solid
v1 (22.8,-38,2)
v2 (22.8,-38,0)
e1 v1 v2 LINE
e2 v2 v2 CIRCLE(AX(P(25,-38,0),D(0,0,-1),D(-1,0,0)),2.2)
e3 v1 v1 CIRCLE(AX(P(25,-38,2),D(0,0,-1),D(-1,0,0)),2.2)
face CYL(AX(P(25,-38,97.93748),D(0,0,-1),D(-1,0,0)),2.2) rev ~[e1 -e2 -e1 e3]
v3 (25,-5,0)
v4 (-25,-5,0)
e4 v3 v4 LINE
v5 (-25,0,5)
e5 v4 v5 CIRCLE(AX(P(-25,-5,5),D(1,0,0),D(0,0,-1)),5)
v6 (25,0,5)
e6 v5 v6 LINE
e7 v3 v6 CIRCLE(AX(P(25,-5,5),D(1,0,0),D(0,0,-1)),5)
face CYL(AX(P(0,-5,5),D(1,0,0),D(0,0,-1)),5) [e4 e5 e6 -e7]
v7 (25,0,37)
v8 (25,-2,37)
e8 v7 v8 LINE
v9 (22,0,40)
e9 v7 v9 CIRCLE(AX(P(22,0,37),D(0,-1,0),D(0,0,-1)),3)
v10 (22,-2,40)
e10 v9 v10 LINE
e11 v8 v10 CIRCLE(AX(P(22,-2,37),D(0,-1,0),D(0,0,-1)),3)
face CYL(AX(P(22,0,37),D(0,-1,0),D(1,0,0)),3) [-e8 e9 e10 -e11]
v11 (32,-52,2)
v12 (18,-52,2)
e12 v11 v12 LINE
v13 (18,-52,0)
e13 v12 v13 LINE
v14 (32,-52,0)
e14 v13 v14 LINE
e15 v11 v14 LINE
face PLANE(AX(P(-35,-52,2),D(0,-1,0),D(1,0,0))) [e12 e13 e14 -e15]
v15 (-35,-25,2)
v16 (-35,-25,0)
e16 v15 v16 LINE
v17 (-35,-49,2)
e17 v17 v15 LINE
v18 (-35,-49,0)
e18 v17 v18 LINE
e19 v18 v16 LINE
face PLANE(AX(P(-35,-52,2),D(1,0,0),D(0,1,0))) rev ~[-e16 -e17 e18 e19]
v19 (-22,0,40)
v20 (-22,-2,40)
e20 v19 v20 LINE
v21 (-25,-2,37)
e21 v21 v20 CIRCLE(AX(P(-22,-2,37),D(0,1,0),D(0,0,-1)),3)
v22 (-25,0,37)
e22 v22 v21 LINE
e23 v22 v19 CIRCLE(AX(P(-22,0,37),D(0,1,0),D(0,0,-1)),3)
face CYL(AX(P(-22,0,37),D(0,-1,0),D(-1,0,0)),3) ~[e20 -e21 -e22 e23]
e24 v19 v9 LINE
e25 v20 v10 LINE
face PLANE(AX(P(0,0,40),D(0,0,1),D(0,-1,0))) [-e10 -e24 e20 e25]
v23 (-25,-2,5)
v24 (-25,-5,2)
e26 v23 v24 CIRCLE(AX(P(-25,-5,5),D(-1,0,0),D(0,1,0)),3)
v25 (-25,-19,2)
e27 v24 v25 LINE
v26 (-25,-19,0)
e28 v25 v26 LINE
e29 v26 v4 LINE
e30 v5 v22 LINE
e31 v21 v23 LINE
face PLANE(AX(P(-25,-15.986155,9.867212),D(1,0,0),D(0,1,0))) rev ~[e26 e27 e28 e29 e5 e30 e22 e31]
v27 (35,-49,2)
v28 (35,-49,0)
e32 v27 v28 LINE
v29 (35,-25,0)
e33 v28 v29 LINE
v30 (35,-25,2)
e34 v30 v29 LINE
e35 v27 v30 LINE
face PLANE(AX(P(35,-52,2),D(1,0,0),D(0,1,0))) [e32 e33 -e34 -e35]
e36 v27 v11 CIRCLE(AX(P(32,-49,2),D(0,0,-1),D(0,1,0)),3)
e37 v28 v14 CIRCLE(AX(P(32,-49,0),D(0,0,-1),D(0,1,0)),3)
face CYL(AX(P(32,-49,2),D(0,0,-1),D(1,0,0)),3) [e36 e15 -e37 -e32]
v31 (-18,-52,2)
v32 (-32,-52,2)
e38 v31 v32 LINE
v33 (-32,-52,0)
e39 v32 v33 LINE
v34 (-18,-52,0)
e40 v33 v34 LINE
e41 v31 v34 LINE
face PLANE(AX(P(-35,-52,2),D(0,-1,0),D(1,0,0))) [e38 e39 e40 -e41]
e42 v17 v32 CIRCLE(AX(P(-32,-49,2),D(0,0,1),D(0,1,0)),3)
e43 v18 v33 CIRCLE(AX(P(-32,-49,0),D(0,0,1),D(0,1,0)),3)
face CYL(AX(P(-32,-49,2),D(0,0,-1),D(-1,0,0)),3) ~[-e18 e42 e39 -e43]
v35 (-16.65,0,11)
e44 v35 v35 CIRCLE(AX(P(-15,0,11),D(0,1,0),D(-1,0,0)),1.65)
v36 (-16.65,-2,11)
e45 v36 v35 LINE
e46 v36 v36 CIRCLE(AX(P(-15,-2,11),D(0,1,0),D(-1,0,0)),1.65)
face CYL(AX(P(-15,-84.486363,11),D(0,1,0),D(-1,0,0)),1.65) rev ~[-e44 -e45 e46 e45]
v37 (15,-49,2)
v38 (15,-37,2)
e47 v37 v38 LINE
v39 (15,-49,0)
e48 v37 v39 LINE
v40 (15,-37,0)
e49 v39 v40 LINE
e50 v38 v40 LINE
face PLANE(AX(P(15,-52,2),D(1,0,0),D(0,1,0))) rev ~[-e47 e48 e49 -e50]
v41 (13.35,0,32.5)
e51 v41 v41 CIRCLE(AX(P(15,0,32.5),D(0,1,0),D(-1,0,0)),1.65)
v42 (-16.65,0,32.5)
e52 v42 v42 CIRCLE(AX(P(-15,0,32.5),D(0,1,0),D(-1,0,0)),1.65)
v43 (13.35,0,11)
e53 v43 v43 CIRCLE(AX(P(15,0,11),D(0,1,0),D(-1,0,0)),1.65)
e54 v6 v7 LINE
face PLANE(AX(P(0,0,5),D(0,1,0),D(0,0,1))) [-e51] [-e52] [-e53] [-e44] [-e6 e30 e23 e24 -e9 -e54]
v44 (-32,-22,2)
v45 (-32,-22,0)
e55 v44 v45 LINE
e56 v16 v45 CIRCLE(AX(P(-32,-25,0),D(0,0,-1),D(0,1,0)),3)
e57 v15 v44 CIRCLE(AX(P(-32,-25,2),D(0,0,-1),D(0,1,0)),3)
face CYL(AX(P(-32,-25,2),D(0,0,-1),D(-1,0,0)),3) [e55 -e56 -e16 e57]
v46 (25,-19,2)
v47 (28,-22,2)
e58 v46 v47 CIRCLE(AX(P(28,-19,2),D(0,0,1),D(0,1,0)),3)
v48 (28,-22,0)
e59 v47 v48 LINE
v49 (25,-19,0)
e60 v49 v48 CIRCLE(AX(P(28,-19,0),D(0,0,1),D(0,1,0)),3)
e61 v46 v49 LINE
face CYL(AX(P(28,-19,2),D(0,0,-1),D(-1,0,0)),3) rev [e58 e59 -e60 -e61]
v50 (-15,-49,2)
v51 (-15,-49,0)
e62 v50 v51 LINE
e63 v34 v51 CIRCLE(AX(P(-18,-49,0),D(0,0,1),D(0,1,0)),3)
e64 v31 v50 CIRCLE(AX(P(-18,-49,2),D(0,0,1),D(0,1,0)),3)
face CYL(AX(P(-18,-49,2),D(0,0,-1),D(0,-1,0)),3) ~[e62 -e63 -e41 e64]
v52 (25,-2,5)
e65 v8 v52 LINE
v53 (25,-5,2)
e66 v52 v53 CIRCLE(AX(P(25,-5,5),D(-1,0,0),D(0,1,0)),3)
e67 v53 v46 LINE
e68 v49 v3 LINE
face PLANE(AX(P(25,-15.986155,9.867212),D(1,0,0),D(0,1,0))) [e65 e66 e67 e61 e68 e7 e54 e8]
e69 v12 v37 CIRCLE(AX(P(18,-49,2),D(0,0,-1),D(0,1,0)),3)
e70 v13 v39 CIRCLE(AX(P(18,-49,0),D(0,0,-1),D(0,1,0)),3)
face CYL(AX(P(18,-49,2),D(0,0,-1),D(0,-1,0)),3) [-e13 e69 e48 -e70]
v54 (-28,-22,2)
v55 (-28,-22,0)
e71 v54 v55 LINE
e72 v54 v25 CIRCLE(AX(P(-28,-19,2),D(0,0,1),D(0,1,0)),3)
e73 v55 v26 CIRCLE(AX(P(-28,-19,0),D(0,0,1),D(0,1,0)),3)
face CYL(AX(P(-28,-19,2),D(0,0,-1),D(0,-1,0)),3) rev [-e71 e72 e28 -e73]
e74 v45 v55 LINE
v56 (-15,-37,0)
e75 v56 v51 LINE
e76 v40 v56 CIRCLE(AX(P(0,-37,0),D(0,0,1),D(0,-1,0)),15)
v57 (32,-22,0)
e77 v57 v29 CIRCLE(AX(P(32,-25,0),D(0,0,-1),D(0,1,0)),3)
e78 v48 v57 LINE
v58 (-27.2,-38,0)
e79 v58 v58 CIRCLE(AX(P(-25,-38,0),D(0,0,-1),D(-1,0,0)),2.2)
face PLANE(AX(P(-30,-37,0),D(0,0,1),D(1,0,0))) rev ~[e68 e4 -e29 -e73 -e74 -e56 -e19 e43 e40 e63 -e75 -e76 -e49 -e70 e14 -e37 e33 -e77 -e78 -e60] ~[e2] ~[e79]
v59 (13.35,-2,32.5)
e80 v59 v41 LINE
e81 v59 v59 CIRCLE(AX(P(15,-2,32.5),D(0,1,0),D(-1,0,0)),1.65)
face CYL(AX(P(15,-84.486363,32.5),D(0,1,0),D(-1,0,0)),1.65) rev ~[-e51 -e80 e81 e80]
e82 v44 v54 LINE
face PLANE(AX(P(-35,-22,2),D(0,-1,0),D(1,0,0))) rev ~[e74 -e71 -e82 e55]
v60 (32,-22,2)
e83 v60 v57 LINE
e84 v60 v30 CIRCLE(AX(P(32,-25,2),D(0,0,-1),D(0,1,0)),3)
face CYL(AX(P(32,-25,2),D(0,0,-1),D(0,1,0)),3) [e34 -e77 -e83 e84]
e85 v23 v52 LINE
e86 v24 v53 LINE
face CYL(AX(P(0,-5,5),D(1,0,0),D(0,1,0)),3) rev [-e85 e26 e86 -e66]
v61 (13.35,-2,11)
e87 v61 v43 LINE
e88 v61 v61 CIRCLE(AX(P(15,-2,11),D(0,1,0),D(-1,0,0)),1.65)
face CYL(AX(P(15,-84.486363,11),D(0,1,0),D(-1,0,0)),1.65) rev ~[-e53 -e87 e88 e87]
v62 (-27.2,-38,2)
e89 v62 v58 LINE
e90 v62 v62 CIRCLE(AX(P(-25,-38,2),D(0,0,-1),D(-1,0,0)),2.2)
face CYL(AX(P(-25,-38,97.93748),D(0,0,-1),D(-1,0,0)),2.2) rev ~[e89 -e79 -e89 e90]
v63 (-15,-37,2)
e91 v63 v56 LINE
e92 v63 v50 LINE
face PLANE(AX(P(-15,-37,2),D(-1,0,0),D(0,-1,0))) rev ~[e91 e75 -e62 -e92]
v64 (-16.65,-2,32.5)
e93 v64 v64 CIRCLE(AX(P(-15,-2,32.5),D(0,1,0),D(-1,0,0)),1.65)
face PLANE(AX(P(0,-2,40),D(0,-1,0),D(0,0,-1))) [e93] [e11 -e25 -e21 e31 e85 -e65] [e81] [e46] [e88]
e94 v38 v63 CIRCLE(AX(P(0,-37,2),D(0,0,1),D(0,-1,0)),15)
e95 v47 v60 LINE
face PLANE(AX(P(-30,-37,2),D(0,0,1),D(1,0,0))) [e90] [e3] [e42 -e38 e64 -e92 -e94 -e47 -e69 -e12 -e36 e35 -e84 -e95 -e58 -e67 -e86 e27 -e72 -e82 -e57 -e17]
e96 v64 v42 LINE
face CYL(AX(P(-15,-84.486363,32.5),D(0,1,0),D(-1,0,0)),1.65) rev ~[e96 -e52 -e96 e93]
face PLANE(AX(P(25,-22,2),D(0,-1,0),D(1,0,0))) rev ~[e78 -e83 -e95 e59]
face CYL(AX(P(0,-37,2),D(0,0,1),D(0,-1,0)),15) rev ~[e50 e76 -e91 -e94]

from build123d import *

# Parameters (mm, degrees)
F1_DEPTH = 25
F3_D     = 3.3
F4_W     = 10
F4_H     = 30
F5_DEPTH = 2
F6_D     = 4.4
F7_DEPTH = 2
F8_R     = 3


with BuildPart() as f1:
    # F0 (on Right) → F1 (new body, symmetric)
    with BuildSketch(Plane.YZ):
        with BuildLine():
            ThreePointArc((-5, 0), (-1.4644660941, 1.4644660941), (0, 5))
            Line((0, 5), (0, 40))
            Line((0, 40), (-2, 40))
            Line((-2, 40), (-2, 5))
            ThreePointArc((-2, 5), (-2.8786796564, 2.8786796564), (-5, 2))
            Line((-5, 2), (-52, 2))
            Line((-52, 2), (-52, 0))
            Line((-52, 0), (-5, 0))
        make_face()
    extrude(amount=F1_DEPTH, both=True)

    # F3 (through all)
    with Locations(Plane.XZ.offset(2)):
        with Locations((-15, 32.5), (-15, 11), (15, 11), (15, 32.5)):
            Hole(F3_D / 2)

    # F4 (on face) → F5 (join, through all)
    with BuildSketch(Plane.XY.offset(2)):
        with Locations((-30, -37)):
            Rectangle(F4_W, F4_H)
        with Locations((30, -37)):
            Rectangle(F4_W, F4_H)
    extrude(amount=-F5_DEPTH)

    # F6 (through all)
    with Locations(Plane.XY.offset(2)):
        with Locations((-25, -38), (25, -38)):
            Hole(F6_D / 2)

    # F4 (on face) → F7 (cut, through all)
    with BuildSketch(Plane.XY.offset(2)):
        with BuildLine():
            ThreePointArc((15, -37), (0, -22), (-15, -37))
            ThreePointArc((-15, -37), (-10.6066017178, -47.6066017178), (0, -52))
            ThreePointArc((0, -52), (10.6066017178, -47.6066017178), (15, -37))
        make_face()
        with BuildLine():
            Line((-15, -37), (-15, -52))
            Line((-15, -52), (0, -52))
            ThreePointArc((0, -52), (-10.6066017178, -47.6066017178), (-15, -37))
        make_face()
        with BuildLine():
            ThreePointArc((15, -37), (10.6066017178, -47.6066017178), (0, -52))
            Line((0, -52), (15, -52))
            Line((15, -52), (15, -37))
        make_face()
    extrude(amount=-F7_DEPTH, mode=Mode.SUBTRACT)

    # F8
    f8_edges = [f1.edges().sort_by_distance(p)[0] for p in [
        (-15, -52, 1),
        (-35, -52, 1),
        (-35, -22, 1),
        (-25, -22, 1),
        (-25, -1, 40),
        (15, -52, 1),
        (35, -52, 1),
        (35, -22, 1),
        (25, -22, 1),
        (25, -1, 40),
    ]]
    fillet(f8_edges, radius=F8_R)


solid = f1.part
